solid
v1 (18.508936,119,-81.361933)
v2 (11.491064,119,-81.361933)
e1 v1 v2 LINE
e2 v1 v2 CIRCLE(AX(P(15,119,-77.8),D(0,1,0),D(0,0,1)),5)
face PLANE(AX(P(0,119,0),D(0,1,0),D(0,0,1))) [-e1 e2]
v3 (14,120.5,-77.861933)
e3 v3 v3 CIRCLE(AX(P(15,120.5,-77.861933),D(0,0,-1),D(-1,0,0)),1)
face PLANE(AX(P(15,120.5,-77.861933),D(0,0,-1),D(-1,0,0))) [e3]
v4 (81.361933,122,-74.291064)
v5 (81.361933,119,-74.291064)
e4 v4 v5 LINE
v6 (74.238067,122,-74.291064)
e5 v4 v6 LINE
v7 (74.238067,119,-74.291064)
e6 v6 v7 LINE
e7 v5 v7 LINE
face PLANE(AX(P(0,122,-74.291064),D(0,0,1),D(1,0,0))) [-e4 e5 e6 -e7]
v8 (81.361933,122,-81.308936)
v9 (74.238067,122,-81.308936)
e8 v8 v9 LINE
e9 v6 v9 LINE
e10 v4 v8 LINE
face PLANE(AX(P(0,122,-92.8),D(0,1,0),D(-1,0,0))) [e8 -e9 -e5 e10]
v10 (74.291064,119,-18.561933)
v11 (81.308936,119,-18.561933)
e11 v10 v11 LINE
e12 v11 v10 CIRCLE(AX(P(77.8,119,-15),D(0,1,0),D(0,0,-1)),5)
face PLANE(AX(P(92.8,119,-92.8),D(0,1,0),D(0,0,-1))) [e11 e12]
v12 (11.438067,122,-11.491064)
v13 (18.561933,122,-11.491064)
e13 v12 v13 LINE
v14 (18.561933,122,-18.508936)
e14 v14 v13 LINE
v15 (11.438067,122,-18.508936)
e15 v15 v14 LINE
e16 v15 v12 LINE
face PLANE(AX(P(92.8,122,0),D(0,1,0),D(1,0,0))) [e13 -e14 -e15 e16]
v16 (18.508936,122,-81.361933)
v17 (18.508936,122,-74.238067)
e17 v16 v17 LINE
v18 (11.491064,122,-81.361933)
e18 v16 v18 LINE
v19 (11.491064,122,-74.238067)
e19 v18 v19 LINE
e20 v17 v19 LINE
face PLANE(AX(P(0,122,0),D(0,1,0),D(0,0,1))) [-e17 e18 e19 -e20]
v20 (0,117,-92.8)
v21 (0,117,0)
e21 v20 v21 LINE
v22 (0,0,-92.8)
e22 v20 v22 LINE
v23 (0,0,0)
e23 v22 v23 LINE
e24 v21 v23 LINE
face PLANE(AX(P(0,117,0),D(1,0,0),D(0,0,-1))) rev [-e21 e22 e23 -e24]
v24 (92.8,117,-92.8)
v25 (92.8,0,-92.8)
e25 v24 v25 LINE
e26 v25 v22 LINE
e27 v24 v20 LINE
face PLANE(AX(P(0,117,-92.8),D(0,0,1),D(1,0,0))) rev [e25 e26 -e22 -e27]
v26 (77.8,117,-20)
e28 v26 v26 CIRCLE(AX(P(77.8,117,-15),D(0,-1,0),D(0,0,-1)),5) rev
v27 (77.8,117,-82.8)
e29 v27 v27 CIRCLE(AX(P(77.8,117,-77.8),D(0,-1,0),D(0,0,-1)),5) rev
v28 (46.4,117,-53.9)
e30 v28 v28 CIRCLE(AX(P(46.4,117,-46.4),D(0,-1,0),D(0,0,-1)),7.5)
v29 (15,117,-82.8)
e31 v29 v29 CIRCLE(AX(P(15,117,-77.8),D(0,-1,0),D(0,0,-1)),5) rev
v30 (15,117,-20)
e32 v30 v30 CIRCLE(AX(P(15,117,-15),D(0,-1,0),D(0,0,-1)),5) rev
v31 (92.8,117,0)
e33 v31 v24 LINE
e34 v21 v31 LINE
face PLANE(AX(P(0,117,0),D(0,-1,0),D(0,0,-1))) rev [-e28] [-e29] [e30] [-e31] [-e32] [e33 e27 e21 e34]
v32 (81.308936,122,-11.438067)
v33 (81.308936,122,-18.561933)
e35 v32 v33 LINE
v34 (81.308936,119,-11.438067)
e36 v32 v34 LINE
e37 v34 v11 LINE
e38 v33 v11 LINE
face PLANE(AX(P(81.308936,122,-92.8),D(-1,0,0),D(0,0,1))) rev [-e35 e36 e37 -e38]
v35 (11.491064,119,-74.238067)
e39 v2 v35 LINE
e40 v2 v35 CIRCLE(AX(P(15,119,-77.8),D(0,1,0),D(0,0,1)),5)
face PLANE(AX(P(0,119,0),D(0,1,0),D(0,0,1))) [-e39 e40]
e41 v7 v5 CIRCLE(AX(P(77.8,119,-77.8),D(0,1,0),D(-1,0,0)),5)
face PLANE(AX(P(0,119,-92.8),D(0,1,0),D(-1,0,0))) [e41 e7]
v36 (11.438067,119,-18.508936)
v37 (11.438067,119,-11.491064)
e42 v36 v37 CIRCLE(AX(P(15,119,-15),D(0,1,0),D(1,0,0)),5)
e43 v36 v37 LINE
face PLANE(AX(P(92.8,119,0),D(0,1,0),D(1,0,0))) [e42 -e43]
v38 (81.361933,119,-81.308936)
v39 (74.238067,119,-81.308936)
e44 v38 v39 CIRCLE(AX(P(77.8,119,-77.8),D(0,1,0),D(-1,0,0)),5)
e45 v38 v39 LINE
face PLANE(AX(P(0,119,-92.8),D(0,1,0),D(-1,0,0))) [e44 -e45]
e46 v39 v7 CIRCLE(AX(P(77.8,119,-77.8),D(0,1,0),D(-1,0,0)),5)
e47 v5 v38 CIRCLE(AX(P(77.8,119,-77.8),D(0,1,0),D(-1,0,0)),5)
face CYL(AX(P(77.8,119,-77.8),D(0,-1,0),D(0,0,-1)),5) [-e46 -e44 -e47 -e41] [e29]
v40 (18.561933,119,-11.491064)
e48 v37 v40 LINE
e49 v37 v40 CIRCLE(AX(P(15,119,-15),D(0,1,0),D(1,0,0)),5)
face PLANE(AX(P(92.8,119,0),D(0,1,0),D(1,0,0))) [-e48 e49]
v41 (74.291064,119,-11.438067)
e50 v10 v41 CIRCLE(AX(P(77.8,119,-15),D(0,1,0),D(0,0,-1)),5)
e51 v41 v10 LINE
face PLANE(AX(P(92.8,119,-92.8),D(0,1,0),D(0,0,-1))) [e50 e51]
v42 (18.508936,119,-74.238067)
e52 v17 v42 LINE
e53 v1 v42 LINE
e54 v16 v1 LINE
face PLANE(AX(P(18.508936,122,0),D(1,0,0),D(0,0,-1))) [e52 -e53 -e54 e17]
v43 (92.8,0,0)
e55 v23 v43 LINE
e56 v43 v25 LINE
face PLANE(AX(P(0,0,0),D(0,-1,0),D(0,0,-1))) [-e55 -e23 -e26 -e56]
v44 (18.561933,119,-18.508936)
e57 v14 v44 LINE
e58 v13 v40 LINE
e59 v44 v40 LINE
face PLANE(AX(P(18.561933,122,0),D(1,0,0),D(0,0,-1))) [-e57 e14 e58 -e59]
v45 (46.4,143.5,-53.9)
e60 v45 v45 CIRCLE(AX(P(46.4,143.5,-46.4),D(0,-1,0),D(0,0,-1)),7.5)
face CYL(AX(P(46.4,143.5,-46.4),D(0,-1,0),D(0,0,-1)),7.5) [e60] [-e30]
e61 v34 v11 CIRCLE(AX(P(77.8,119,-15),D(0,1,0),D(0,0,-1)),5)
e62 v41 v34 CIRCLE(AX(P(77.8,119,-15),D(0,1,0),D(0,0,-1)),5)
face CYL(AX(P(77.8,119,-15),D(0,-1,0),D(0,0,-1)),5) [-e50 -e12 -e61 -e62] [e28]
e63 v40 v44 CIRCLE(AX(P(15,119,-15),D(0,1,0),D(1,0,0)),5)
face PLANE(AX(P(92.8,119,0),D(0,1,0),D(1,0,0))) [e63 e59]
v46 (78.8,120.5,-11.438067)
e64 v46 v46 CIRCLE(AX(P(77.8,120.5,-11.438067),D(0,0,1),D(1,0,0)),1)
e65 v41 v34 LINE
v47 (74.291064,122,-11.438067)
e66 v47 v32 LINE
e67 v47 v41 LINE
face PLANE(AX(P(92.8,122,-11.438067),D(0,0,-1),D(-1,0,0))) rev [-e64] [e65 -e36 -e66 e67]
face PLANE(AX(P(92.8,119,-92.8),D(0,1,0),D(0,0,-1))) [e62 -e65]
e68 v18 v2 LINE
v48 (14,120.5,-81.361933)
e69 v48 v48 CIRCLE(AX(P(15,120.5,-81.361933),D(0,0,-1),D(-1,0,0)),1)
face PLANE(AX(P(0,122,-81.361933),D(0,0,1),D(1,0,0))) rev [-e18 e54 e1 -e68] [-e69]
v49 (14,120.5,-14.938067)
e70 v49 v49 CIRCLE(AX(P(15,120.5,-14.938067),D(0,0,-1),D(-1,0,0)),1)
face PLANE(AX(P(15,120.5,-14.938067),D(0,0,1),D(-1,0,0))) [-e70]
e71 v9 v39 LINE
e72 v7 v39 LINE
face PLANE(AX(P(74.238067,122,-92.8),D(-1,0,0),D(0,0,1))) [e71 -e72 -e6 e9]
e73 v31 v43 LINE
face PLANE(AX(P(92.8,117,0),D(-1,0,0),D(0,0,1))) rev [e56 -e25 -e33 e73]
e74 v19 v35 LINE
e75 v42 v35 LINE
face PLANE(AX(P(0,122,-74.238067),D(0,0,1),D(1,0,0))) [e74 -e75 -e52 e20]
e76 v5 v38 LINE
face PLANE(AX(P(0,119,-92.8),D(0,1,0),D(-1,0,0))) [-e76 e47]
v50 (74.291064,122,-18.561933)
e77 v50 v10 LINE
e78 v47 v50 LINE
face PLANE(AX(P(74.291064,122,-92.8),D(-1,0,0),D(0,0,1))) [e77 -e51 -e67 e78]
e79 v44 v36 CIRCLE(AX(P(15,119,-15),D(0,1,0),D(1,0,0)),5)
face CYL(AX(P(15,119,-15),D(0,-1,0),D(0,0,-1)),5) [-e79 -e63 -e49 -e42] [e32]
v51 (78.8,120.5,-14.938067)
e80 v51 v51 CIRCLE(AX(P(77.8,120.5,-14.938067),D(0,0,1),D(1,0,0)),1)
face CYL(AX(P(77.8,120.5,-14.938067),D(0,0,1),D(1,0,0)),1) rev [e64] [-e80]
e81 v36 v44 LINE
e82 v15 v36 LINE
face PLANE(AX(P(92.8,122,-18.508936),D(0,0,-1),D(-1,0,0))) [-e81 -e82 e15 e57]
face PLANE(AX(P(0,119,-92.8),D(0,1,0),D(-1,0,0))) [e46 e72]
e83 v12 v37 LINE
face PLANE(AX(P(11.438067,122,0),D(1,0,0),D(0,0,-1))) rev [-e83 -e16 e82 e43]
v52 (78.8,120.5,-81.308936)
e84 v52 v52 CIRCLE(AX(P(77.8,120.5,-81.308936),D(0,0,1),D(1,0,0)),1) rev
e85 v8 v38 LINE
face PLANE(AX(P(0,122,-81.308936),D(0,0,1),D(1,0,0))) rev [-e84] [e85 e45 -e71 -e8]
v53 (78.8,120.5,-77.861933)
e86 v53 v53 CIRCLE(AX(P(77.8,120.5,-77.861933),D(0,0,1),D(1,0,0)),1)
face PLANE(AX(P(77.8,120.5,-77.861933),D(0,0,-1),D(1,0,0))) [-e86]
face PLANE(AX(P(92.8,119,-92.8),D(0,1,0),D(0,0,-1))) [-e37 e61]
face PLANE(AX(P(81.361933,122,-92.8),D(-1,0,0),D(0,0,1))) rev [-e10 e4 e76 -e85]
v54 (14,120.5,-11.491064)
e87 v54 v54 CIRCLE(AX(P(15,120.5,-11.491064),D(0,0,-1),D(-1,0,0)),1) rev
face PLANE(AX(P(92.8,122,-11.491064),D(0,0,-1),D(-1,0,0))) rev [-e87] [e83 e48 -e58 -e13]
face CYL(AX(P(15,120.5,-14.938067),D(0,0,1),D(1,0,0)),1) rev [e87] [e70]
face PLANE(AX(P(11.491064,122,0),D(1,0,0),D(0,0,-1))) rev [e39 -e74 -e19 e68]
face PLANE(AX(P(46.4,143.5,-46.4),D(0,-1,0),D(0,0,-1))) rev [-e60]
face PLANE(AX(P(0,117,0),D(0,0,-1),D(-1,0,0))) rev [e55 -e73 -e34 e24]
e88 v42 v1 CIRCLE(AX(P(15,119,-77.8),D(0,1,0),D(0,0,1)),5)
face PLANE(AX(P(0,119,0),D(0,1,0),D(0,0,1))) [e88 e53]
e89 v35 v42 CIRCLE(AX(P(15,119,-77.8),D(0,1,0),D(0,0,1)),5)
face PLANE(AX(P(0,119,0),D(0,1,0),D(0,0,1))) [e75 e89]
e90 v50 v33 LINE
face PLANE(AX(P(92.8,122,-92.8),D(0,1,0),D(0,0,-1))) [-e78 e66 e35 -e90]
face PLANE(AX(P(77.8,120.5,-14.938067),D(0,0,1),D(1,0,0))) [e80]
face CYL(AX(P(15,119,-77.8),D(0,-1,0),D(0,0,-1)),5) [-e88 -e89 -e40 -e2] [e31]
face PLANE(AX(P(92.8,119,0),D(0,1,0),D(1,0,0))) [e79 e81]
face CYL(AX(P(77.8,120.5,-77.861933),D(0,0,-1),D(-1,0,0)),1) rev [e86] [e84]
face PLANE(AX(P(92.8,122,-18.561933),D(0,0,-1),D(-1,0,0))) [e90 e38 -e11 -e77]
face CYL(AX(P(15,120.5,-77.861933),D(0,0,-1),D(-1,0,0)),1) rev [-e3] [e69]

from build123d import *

# Parameters (mm, degrees)
SKETCH1_W                                  = 92.8
SKETCH1_H                                  = 92.8
BOSS_EXTRUDE1_DEPTH                        = 117
BOSS_EXTRUDE2_START                        = -117
SKETCH2_R                                  = 7.5
BOSS_EXTRUDE2_DEPTH                        = 143.5
BOSS_EXTRUDE3_DEPTH                        = 2
SKETCH4_W                                  = 7.017872994
SKETCH4_H                                  = 7.12386543
BOSS_EXTRUDE4_DEPTH                        = 3
SKETCH5_R                                  = 1
CUT_EXTRUDE1_DEPTH                         = 3.5
CIRPATTERN1_COUNT                          = 4
MIRROR2_AT_THE_SECOND_PLANE_COPY_1_SKETC_R = 1
MIRROR2_AT_THE_SECOND_PLANE_COPY_1_DEPTH   = 3.5


with BuildPart() as part:
    # Sketch1 → Boss-Extrude1 (new body)
    with BuildSketch(Plane(origin=(0, 0, 0), x_dir=(1, 0, 0), z_dir=(0, 1, 0))):
        with Locations((46.4, 46.4)):
            Rectangle(SKETCH1_W, SKETCH1_H)
    extrude(amount=BOSS_EXTRUDE1_DEPTH)

    # Sketch2 → Boss-Extrude2 (add)
    with BuildSketch(Plane(origin=(0, 117, 0), x_dir=(1, 0, 0), z_dir=(0, 1, 0)).offset(BOSS_EXTRUDE2_START)):
        with Locations(Location((46.4, 46.4, 0), (0, 0, 90))):
            Circle(SKETCH2_R)
    extrude(amount=BOSS_EXTRUDE2_DEPTH)

    # Sketch3 → Boss-Extrude3 (add)
    with BuildSketch(Plane(origin=(0, 117, 0), x_dir=(1, 0, 0), z_dir=(0, 1, 0))):
        with BuildLine():
            ThreePointArc((15, 72.8), (18.535533906, 74.264466094), (20, 77.8))
            Line((20, 77.8), (15, 77.8))
            Line((15, 77.8), (15, 72.8))
        make_face()
        with BuildLine():
            Line((15, 77.8), (20, 77.8))
            ThreePointArc((20, 77.8), (11.464466094, 81.335533906), (15, 72.8))
            Line((15, 72.8), (15, 77.8))
        make_face()
        with BuildLine():
            ThreePointArc((15, 72.8), (18.535533906, 74.264466094), (20, 77.8))
            Line((20, 77.8), (15, 77.8))
            Line((15, 77.8), (15, 72.8))
        make_face()
        with BuildLine():
            Line((15, 77.8), (20, 77.8))
            ThreePointArc((20, 77.8), (11.464466094, 81.335533906), (15, 72.8))
            Line((15, 72.8), (15, 77.8))
        make_face()
    boss_extrude3 = extrude(amount=BOSS_EXTRUDE3_DEPTH)

    # Sketch4 → Boss-Extrude4 (add)
    with BuildSketch(Plane(origin=(0, 119, 0), x_dir=(1, 0, 0), z_dir=(0, 1, 0))):
        with Locations((15, 77.8)):
            Rectangle(SKETCH4_W, SKETCH4_H)
    boss_extrude4 = extrude(amount=BOSS_EXTRUDE4_DEPTH)

    # Sketch5 → Cut-Extrude1 (cut)
    with BuildSketch(Plane(origin=(0, 0, -81.361932715), x_dir=(-1, 0, 0), z_dir=(0, 0, -1))):
        with Locations((-15, 120.5)):
            Circle(SKETCH5_R)
    cut_extrude1 = extrude(amount=-CUT_EXTRUDE1_DEPTH, mode=Mode.SUBTRACT)

    # CirPattern1: Boss-Extrude3, Boss-Extrude4 ×4 about axis
    cirpattern1_axis = Axis((46.4, 0, -46.4), (0, 1, 0))
    add([boss_extrude3.rotate(cirpattern1_axis, i * 360 / CIRPATTERN1_COUNT) for i in range(1, CIRPATTERN1_COUNT)])
    add([boss_extrude4.rotate(cirpattern1_axis, i * 360 / CIRPATTERN1_COUNT) for i in range(1, CIRPATTERN1_COUNT)])

    # Mirror1: Cut-Extrude1 across plane
    add(cut_extrude1.mirror(Plane(origin=(0, 0, -46.4), x_dir=(1, 0, 0), z_dir=(0, 0, -1))), mode=Mode.SUBTRACT)

    # Mirror2: Cut-Extrude1 across plane
    add(cut_extrude1.mirror(Plane(origin=(46.4, 0, 0), x_dir=(0, 0, 1), z_dir=(1, 0, 0))), mode=Mode.SUBTRACT)

    # Mirror2 at the second plane: Cut-Extrude1 across plane
    add(cut_extrude1.mirror(Plane(origin=(0, 0, -46.4), x_dir=(1, 0, 0), z_dir=(0, 0, -1))), mode=Mode.SUBTRACT)

    # Mirror2 at the second plane copy 1 sketc → Mirror2 at the second plane copy 1 (cut)
    with BuildSketch(Plane(origin=(92.8, 0, -11.438067285), x_dir=(1, 0, 0), z_dir=(0, 0, 1))):
        with Locations((-15, 120.5)):
            Circle(MIRROR2_AT_THE_SECOND_PLANE_COPY_1_SKETC_R)
    extrude(amount=-MIRROR2_AT_THE_SECOND_PLANE_COPY_1_DEPTH, mode=Mode.SUBTRACT)


solid = part.part
